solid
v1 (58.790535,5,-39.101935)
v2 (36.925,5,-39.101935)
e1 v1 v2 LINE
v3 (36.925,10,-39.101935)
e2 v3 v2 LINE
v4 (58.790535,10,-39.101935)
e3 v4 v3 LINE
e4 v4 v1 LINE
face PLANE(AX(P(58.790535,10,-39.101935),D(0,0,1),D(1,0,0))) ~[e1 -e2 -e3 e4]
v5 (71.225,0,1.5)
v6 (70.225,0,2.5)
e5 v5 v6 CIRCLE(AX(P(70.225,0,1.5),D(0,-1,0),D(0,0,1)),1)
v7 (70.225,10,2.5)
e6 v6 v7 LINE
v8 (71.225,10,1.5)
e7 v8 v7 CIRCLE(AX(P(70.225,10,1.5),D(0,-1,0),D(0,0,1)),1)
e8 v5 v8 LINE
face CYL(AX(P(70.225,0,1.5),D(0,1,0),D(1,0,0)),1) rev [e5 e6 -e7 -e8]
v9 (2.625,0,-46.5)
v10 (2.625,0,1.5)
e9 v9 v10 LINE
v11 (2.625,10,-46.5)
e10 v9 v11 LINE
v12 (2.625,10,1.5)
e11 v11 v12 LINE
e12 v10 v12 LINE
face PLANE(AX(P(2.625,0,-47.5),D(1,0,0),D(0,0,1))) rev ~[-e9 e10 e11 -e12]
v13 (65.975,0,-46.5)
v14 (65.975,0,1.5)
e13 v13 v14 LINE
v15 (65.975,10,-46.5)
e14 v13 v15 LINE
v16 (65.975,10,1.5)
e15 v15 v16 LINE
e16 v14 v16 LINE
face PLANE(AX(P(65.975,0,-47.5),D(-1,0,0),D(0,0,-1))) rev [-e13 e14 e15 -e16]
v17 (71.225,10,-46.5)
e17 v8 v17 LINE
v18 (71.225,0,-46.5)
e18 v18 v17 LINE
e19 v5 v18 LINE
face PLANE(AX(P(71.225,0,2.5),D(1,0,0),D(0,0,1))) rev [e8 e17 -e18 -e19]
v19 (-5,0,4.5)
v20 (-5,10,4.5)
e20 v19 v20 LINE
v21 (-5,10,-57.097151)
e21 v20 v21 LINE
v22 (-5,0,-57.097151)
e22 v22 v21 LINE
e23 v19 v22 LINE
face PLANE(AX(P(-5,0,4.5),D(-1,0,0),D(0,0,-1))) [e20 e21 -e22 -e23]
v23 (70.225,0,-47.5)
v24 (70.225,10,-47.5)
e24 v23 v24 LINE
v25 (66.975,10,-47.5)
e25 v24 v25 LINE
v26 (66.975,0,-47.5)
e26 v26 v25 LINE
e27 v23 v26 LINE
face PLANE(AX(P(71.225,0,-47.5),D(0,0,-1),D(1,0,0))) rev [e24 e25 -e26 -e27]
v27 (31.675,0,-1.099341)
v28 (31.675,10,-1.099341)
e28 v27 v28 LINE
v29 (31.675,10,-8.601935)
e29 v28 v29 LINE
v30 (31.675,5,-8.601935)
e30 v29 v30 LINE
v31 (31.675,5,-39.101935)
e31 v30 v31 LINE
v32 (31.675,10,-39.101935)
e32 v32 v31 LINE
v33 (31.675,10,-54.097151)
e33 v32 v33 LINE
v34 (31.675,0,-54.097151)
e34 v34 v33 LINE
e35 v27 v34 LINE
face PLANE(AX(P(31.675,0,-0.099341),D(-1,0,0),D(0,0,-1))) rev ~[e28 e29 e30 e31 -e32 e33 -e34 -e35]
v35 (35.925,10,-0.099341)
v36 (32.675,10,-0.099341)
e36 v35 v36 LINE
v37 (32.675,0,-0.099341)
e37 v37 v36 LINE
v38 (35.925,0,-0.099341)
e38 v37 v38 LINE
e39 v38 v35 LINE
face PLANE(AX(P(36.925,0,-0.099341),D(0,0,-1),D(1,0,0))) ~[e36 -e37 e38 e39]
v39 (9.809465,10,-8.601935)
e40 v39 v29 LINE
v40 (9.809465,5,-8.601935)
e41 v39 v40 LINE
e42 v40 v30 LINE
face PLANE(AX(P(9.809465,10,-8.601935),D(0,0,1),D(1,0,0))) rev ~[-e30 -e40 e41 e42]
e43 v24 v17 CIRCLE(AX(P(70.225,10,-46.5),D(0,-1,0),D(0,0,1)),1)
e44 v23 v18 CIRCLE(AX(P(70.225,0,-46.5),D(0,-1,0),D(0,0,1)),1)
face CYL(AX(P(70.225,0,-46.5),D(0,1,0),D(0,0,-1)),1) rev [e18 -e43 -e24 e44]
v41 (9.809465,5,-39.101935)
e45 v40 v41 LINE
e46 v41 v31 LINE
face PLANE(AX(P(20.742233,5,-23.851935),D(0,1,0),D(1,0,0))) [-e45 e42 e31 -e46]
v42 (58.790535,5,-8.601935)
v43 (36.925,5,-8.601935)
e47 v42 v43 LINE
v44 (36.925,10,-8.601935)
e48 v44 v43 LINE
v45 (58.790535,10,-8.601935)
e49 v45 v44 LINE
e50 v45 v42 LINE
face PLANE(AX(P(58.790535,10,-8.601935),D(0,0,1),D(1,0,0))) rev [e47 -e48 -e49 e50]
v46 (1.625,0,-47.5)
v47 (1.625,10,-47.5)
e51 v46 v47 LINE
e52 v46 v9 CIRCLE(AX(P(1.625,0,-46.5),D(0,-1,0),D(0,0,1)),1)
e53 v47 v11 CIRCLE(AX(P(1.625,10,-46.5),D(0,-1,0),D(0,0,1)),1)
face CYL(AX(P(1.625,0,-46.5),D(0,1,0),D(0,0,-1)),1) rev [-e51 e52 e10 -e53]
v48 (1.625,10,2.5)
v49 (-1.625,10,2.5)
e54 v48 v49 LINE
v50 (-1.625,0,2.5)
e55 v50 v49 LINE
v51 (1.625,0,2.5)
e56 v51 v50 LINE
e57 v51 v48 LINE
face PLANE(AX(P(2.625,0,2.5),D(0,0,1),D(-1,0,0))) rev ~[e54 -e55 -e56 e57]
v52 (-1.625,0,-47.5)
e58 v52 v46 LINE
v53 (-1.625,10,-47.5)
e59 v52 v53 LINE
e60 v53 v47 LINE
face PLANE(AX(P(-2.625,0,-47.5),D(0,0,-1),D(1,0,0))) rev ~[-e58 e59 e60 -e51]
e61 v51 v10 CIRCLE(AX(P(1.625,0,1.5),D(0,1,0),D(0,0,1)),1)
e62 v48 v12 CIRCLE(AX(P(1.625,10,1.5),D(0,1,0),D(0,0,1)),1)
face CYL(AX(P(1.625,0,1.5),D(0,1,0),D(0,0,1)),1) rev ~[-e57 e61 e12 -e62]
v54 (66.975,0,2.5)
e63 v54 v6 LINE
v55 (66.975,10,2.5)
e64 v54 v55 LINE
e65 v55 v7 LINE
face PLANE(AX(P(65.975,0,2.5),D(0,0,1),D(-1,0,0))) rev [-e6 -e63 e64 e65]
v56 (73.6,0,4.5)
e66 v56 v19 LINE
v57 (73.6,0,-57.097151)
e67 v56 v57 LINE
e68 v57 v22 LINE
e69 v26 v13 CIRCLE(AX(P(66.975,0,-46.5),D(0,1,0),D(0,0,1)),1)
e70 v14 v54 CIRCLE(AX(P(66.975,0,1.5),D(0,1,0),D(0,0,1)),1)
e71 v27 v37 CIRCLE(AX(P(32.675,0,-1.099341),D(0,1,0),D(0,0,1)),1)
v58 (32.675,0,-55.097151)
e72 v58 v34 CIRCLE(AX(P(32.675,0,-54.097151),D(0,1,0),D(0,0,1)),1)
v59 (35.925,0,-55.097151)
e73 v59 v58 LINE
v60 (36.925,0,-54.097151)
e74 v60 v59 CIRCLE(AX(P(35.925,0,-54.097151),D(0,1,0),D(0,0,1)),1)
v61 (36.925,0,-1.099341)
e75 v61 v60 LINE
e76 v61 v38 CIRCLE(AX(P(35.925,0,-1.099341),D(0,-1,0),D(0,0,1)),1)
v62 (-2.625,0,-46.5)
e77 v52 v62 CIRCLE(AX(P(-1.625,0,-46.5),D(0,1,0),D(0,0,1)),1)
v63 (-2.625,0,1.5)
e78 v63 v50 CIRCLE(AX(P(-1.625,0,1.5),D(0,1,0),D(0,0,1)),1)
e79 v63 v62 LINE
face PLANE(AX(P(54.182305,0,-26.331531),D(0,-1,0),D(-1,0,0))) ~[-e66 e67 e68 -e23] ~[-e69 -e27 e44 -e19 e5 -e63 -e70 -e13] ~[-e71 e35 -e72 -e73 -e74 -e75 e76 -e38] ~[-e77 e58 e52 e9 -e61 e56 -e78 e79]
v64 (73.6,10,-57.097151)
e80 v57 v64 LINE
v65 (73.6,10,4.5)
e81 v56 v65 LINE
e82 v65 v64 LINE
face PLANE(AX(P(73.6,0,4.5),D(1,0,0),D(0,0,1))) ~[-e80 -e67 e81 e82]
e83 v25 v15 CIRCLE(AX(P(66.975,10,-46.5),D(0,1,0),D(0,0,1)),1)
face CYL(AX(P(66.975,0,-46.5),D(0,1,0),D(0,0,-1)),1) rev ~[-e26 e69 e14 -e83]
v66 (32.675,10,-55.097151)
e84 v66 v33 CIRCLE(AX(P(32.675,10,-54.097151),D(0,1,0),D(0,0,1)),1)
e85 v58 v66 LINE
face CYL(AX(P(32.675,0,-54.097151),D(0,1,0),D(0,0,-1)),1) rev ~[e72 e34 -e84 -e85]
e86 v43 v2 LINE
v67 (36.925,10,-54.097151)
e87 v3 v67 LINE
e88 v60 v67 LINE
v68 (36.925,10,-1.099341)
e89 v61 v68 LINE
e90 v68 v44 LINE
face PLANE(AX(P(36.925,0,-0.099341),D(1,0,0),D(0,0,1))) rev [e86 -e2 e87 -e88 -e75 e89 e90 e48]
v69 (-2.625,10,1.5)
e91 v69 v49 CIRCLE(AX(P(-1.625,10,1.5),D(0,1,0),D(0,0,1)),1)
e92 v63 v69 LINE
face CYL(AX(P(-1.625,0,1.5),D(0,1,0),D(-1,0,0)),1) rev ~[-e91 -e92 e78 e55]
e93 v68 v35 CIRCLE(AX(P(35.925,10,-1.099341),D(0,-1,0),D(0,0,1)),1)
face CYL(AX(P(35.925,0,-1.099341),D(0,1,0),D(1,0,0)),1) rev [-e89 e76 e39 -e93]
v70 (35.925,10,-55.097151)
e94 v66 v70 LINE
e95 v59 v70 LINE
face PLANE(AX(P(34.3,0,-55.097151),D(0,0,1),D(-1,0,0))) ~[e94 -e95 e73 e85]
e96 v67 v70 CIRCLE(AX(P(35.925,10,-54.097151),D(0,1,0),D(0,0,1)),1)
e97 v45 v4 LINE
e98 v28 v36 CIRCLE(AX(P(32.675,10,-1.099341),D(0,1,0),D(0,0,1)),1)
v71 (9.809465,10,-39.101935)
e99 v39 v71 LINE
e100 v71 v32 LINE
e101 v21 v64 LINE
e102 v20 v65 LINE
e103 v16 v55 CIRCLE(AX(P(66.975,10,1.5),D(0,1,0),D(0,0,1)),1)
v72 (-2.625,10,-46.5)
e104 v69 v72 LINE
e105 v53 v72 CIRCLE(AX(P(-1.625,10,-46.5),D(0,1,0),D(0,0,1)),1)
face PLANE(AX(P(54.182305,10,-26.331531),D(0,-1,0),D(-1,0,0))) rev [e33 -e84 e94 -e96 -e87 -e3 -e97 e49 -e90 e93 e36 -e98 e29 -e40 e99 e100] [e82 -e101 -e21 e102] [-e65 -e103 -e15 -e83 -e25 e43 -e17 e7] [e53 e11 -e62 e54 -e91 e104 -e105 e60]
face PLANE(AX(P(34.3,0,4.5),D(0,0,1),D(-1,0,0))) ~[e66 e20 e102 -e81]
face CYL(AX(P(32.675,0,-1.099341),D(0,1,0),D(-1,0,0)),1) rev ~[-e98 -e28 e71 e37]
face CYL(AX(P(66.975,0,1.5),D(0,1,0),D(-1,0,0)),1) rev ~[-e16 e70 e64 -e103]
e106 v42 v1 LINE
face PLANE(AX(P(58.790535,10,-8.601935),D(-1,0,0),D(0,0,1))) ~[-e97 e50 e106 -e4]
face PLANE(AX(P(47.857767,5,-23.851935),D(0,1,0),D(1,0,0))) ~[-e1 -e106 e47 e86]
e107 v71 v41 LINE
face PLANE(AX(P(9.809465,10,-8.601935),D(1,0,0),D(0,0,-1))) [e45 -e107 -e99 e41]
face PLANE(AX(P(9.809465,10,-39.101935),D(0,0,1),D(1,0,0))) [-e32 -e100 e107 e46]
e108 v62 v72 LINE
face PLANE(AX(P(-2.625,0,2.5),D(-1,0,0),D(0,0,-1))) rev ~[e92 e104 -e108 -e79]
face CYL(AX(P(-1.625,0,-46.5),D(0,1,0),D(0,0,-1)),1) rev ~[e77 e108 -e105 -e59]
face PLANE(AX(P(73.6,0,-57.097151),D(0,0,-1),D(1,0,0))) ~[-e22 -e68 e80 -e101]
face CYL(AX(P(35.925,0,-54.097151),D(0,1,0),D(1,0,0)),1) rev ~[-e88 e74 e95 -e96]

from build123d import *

# Parameters (mm, degrees)
BOSS_EXTRUDE1_DEPTH  = 10
FILLET1_R            = 1
SKETCH2_W            = 21.86553483
SKETCH2_H            = 30.5
CUT_EXTRUDE1_DEPTH   = 5
FILLET1_OF_MIRROR1_R = 1


with BuildPart() as part:
    # Sketch1 → Boss-Extrude1 (new body)
    with BuildSketch(Plane(origin=(0, 0, 0), x_dir=(1, 0, 0), z_dir=(0, 1, 0))):
        Polygon((-5, 57.097150921), (34.3, 57.097150921), (34.3, 55.097150921), (31.675, 55.097150921), (31.675, 52.597150921), (31.675, 2.599340873), (31.675, 0.099340873), (34.3, 0.099340873), (34.3, -4.5), (-5, -4.5), align=None)
        Polygon((-2.625, 45), (-2.625, 0), (-2.625, -2.5), (0, -2.5), (2.625, -2.5), (2.625, 0), (2.625, 45), (2.625, 47.5), (0, 47.5), (-2.625, 47.5), align=None, mode=Mode.SUBTRACT)
    boss_extrude1 = extrude(amount=BOSS_EXTRUDE1_DEPTH)

    # Fillet1
    fillet1_edges = [part.edges().sort_by_distance(p)[0] for p in [
        (31.675, 5, -55.097150921),
        (31.675, 5, -0.099340873),
        (-2.625, 5, -47.5),
        (-2.625, 5, 2.5),
        (2.625, 5, 2.5),
        (2.625, 5, -47.5),
    ]]
    fillet(fillet1_edges, radius=FILLET1_R)

    # Sketch2 → Cut-Extrude1 (cut)
    with BuildSketch(Plane(origin=(0, 10, 0), x_dir=(1, 0, 0), z_dir=(0, 1, 0))):
        with Locations((20.742232585, 23.8519351)):
            Rectangle(SKETCH2_W, SKETCH2_H)
    cut_extrude1 = extrude(amount=-CUT_EXTRUDE1_DEPTH, mode=Mode.SUBTRACT)

    # Mirror1: Boss-Extrude1, Cut-Extrude1 across plane
    add(boss_extrude1.mirror(Plane(origin=(34.3, 10, -0.099340873), x_dir=(0, 0, 1), z_dir=(-1, 0, 0))))
    add(cut_extrude1.mirror(Plane(origin=(34.3, 10, -0.099340873), x_dir=(0, 0, 1), z_dir=(-1, 0, 0))), mode=Mode.SUBTRACT)

    # Fillet1 of Mirror1
    fillet1_of_mirror1_edges = [part.edges().sort_by_distance(p)[0] for p in [
        (36.925, 5, -55.097150921),
        (36.925, 5, -0.099340873),
        (71.225, 5, -47.5),
        (71.225, 5, 2.5),
        (65.975, 5, 2.5),
        (65.975, 5, -47.5),
    ]]
    fillet(fillet1_of_mirror1_edges, radius=FILLET1_OF_MIRROR1_R)


solid = part.part
